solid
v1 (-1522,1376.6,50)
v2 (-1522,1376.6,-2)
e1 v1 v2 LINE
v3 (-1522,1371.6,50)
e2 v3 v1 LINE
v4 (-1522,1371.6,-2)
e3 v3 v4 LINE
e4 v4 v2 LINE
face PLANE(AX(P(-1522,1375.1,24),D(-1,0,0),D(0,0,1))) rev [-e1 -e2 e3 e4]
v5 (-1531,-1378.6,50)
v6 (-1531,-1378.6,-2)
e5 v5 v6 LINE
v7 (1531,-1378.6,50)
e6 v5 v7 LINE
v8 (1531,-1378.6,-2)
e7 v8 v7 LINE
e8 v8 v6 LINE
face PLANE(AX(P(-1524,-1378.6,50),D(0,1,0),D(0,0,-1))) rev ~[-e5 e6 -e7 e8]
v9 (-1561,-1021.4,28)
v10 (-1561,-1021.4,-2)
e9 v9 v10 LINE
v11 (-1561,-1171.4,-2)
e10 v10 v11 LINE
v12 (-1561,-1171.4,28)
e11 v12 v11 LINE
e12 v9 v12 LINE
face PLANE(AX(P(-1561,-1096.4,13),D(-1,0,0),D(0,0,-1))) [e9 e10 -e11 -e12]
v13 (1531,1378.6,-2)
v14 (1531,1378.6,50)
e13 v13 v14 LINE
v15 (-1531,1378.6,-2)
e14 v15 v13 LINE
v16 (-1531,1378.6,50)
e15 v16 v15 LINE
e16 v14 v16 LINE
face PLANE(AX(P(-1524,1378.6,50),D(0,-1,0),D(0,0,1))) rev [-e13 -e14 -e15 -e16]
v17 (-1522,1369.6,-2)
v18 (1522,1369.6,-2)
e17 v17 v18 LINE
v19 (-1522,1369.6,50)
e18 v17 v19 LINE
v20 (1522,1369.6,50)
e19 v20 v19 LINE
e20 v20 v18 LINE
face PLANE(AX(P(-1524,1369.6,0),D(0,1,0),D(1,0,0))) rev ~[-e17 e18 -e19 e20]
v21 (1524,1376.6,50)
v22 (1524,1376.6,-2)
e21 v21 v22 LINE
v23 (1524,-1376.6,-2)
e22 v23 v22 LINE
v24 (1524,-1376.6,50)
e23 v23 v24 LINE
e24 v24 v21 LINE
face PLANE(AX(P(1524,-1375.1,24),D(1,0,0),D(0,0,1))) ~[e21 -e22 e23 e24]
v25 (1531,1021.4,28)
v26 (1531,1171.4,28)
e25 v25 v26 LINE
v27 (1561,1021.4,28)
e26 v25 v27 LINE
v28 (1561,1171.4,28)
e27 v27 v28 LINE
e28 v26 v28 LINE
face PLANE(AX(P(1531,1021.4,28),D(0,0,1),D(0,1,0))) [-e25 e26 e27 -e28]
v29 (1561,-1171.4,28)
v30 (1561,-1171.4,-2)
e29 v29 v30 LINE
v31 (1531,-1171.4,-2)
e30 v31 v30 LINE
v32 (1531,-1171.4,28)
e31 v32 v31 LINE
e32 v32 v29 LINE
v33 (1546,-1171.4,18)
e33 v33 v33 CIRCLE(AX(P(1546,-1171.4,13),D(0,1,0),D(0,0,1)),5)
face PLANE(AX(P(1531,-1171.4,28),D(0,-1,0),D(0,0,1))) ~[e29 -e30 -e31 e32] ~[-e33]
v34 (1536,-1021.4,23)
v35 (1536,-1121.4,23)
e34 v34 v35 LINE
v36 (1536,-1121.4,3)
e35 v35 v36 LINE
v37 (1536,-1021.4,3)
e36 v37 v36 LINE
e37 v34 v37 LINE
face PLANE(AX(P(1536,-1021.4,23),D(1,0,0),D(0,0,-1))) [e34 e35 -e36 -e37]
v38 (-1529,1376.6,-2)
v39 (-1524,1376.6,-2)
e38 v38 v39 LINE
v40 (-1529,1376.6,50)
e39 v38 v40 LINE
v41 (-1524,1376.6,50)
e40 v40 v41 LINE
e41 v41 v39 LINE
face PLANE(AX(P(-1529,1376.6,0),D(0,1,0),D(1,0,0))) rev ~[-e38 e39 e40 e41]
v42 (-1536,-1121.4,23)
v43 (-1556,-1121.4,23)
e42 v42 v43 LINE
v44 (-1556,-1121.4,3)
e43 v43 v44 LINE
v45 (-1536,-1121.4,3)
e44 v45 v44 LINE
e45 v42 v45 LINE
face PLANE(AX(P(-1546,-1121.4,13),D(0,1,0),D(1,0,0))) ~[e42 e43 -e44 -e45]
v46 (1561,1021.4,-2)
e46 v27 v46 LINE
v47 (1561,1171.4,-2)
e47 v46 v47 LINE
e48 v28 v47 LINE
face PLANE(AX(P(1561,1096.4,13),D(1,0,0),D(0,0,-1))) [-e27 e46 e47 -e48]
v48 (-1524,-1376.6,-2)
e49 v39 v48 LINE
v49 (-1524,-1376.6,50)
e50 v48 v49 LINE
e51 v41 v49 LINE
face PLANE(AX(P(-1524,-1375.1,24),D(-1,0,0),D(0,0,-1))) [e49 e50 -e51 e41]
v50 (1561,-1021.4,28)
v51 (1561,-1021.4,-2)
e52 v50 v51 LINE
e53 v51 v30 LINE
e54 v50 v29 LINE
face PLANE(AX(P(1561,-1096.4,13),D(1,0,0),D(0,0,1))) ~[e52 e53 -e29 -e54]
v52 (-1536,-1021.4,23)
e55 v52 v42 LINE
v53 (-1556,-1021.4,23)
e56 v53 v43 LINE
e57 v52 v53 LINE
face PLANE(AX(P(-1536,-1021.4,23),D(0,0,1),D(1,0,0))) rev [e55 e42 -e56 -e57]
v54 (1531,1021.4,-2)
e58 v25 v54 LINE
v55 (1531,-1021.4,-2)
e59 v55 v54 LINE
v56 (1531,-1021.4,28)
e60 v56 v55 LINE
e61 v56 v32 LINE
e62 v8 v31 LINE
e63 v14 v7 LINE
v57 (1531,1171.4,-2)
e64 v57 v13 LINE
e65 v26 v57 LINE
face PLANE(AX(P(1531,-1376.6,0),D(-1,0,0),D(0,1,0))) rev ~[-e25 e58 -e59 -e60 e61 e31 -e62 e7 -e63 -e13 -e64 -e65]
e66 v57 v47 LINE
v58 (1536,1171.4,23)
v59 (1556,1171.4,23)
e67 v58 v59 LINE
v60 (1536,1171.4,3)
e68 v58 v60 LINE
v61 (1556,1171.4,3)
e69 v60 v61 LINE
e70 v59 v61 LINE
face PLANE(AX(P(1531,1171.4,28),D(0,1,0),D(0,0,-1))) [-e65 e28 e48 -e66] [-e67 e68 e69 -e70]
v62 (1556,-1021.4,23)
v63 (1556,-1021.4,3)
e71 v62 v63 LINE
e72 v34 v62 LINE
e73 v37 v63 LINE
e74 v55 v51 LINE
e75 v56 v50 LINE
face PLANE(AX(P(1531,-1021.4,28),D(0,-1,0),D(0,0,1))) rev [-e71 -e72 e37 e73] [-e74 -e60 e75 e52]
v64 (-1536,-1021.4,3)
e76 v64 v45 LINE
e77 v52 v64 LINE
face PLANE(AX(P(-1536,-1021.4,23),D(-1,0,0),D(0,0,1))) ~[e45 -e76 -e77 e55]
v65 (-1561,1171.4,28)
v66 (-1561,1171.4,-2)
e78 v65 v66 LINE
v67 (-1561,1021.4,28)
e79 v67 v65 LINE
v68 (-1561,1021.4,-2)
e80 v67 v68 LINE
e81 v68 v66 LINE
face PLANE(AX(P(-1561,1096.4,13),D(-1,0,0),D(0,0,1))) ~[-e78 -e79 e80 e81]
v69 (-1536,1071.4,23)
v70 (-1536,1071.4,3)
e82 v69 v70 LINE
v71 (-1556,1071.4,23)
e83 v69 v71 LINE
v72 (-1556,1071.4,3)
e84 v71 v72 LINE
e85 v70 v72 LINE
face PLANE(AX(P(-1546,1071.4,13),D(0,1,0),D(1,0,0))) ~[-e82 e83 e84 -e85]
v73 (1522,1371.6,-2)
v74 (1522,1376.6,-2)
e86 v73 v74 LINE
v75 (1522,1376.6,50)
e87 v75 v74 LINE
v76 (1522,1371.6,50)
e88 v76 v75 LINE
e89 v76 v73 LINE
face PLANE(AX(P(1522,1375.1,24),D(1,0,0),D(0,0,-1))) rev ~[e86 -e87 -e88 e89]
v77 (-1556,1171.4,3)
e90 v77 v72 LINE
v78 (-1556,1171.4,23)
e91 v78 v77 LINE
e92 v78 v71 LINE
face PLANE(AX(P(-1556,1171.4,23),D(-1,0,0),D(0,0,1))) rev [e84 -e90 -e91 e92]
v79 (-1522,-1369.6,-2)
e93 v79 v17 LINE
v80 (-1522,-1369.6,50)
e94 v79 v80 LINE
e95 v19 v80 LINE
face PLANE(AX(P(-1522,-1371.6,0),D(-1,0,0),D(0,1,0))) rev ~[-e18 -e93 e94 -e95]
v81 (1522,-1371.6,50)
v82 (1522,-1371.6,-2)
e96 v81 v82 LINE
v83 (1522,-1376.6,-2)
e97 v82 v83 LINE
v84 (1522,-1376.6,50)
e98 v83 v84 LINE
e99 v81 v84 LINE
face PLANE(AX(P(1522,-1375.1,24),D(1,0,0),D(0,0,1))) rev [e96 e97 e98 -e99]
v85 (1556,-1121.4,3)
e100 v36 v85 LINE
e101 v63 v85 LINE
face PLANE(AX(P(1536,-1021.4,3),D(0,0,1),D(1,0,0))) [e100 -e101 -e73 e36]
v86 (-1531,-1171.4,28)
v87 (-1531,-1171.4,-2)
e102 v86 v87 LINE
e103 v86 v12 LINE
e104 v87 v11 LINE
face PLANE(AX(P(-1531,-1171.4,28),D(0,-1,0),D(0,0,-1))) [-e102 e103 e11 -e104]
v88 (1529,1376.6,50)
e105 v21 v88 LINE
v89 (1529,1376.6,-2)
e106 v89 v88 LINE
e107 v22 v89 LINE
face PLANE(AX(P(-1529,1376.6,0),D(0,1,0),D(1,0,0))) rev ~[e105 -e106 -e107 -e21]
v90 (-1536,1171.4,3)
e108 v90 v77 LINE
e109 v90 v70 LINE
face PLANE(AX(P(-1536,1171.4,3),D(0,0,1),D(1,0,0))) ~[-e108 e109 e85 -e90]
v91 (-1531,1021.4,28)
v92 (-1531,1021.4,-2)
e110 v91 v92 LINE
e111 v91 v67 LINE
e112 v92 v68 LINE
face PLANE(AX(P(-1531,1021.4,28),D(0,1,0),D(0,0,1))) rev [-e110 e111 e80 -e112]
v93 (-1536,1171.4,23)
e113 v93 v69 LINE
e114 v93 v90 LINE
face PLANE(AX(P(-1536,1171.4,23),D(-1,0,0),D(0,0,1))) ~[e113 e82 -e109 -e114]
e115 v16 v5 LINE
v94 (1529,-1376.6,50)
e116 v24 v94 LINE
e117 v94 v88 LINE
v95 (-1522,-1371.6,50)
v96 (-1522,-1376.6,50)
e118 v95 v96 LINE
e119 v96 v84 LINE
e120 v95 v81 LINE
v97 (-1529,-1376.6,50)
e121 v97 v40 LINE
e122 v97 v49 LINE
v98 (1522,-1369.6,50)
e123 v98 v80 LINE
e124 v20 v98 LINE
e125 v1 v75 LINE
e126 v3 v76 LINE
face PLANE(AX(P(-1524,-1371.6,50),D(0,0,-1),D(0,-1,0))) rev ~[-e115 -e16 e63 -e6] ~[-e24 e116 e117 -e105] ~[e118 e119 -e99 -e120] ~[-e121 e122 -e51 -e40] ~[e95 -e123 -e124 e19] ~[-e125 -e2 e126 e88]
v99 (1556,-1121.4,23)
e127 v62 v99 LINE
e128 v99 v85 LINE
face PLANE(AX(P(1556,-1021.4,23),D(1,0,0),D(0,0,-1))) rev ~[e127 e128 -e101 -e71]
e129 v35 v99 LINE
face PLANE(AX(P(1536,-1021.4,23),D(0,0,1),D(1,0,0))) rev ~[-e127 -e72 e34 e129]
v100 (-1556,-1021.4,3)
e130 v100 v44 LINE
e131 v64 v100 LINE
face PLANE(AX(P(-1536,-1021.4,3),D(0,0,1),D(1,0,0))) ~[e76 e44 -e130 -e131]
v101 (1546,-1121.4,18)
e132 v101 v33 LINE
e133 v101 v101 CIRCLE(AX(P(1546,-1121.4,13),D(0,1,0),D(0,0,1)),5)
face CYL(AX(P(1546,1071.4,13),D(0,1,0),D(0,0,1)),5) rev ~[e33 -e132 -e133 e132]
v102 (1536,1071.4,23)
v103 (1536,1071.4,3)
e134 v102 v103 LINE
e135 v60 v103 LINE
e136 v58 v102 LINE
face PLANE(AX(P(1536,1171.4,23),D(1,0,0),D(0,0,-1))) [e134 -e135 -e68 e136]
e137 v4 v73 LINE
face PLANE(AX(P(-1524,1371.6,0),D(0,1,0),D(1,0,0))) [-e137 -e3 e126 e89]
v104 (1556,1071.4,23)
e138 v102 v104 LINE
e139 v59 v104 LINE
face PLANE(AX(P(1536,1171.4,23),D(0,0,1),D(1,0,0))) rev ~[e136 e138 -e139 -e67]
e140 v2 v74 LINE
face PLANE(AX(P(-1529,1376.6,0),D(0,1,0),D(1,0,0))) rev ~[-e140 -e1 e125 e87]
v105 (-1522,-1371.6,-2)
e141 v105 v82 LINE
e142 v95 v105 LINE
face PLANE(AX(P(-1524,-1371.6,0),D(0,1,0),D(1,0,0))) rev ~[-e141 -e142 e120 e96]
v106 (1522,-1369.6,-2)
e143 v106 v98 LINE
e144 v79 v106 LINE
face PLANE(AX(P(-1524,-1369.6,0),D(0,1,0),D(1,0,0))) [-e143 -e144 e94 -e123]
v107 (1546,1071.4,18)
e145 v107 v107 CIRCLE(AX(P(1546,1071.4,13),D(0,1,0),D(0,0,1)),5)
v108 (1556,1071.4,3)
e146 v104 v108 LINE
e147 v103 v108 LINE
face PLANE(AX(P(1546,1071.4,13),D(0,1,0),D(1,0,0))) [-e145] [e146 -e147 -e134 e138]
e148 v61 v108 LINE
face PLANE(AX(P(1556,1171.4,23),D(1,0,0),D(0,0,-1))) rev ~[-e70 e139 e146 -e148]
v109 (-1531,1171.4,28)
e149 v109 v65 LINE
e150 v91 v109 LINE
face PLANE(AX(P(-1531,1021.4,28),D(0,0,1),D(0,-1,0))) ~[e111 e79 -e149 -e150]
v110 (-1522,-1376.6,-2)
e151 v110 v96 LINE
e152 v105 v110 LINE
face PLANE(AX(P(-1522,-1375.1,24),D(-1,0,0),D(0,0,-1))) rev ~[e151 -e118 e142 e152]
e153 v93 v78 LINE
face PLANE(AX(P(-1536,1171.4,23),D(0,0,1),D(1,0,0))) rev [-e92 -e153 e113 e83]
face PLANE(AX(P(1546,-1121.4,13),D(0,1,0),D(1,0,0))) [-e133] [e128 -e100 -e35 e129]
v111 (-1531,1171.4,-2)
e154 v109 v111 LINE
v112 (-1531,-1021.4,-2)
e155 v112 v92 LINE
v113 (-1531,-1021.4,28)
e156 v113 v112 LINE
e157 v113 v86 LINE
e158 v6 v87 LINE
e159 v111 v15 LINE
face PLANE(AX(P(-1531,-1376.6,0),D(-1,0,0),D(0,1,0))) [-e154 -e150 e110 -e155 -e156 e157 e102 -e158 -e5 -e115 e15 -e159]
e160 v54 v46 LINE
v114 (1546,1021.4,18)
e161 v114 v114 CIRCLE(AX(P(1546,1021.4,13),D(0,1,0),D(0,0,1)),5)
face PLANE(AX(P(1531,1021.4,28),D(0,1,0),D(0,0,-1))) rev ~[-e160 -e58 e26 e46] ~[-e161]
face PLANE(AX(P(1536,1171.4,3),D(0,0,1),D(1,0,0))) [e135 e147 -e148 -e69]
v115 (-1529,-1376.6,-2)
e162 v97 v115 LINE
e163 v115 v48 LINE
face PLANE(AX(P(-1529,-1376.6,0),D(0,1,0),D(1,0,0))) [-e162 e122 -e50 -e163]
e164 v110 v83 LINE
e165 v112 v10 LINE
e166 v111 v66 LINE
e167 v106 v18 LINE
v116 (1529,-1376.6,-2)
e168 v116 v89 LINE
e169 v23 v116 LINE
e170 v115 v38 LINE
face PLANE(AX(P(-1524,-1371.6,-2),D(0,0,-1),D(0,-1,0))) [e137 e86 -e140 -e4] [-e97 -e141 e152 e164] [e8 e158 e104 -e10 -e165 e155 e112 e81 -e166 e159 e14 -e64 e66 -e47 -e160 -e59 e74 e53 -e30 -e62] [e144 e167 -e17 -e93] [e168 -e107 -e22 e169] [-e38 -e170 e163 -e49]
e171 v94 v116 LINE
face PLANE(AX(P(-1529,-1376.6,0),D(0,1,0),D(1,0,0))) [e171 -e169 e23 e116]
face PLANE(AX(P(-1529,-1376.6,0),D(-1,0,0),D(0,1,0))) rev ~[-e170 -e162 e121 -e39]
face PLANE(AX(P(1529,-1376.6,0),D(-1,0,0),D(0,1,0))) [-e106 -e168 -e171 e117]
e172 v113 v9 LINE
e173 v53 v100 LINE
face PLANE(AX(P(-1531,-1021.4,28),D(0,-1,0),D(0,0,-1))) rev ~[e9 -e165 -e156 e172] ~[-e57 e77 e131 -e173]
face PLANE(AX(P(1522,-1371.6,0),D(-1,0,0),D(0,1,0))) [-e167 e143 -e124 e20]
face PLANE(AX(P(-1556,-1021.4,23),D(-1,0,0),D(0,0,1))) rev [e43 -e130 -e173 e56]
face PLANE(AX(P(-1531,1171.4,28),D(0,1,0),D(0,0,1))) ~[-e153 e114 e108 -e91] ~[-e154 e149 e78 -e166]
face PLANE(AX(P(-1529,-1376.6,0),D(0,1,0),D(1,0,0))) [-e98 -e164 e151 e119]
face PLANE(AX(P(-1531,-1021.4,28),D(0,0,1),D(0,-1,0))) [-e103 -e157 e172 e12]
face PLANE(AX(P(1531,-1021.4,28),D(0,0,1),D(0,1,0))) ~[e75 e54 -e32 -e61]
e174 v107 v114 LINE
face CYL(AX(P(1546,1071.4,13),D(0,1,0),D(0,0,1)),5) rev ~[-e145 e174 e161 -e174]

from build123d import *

# Parameters (mm, degrees)
SKETCH1_W               = 3058
SKETCH1_H               = 2753.2
SKETCH1_W_2             = 3048
SKETCH1_H_2             = 2743.2
BOSS_EXTRUDE1_DEPTH     = 50
SHELL4_T                = 2
SKETCH2_W               = 3058
SKETCH2_H               = 2753.2
SKETCH2_W_2             = 3048
SKETCH2_H_2             = 2743.2
CUT_EXTRUDE5_DEPTH      = 5
SKETCH3_W               = 30
SKETCH3_H               = 150
BOSS_EXTRUDE2_DEPTH     = 30
SKETCH4_W               = 20
SKETCH4_H               = 20
CUT_EXTRUDE6_DEPTH      = 100
SKETCH5_W               = 20
SKETCH5_H               = 20
CUT_EXTRUDE7_DEPTH      = 100
MIRROR2_COPY_1_SKETCH_W = 30
MIRROR2_COPY_1_SKETCH_H = 150
MIRROR2_COPY_1_DEPTH    = 30
SKETCH6_R               = 5
CUT_EXTRUDE8_DEPTH      = 2490
SKETCH7_W               = 52
SKETCH7_H               = 7
BOSS_EXTRUDE3_DEPTH     = 2
MIRROR5_COPY_1_SKETCH_W = 52
MIRROR5_COPY_1_SKETCH_H = 7
MIRROR5_COPY_1_DEPTH    = 2


with BuildPart() as part:
    # Sketch1 → Boss-Extrude1 (new body)
    with BuildSketch(Plane.XY):
        Rectangle(SKETCH1_W, SKETCH1_H)
        Rectangle(SKETCH1_W_2, SKETCH1_H_2, mode=Mode.SUBTRACT)
    extrude(amount=BOSS_EXTRUDE1_DEPTH)

    # Shell4
    shell4_openings = [part.faces().sort_by_distance(p)[0] for p in [
        (-1524.885212735, 0, 50),
    ]]
    offset(amount=SHELL4_T, openings=shell4_openings, kind=Kind.INTERSECTION)

    # Sketch2 → Cut-Extrude5 (cut, symmetric)
    with BuildSketch(Plane.XY):
        Rectangle(SKETCH2_W, SKETCH2_H)
        Rectangle(SKETCH2_W_2, SKETCH2_H_2, mode=Mode.SUBTRACT)
    extrude(amount=CUT_EXTRUDE5_DEPTH, both=True, mode=Mode.SUBTRACT)


with BuildPart() as cut_extrude5_piece_1:
    # of the separate pieces the step leaves, piece 1, a body of its own (cut_extrude5_pieces)
    add(part.part.solids().sort_by_distance((-1529, -1376.6, -2))[0])

    # Sketch3 → Boss-Extrude2 (add)
    with BuildSketch(Plane(origin=(1531, 0, 0), x_dir=(0, 0, -1), z_dir=(1, 0, 0))):
        with Locations((-13, 1096.4)):
            Rectangle(SKETCH3_W, SKETCH3_H)
    boss_extrude2 = extrude(amount=BOSS_EXTRUDE2_DEPTH)

    # Sketch4 → Cut-Extrude6 (cut)
    with BuildSketch(Plane(origin=(0, 1171.4, 0), x_dir=(1, 0, 0), z_dir=(0, 1, 0))):
        with Locations((1546, -13)):
            Rectangle(SKETCH4_W, SKETCH4_H)
    cut_extrude6 = extrude(amount=-CUT_EXTRUDE6_DEPTH, mode=Mode.SUBTRACT)

    # Mirror1: Boss-Extrude2 across plane
    add(boss_extrude2.mirror(Plane.ZX))

    # Sketch5 → Cut-Extrude7 (cut)
    with BuildSketch(Plane(origin=(0, -1021.4, 0), x_dir=(1, 0, 0), z_dir=(0, 1, 0))):
        with Locations((1546, -13)):
            Rectangle(SKETCH5_W, SKETCH5_H)
    cut_extrude7 = extrude(amount=-CUT_EXTRUDE7_DEPTH, mode=Mode.SUBTRACT)

    # Mirror2: Boss-Extrude2 across plane
    add(boss_extrude2.mirror(Plane(origin=(0, 0, 0), x_dir=(0, 0, 1), z_dir=(1, 0, 0))))

    # Mirror2 copy 1 sketch → Mirror2 copy 1 (add)
    with BuildSketch(Plane(origin=(-1531, 0, 0), x_dir=(0, 0, -1), z_dir=(-1, 0, 0))):
        with Locations((-13, 1096.4)):
            Rectangle(MIRROR2_COPY_1_SKETCH_W, MIRROR2_COPY_1_SKETCH_H)
    extrude(amount=MIRROR2_COPY_1_DEPTH)

    # Mirror3: Cut-Extrude6, Cut-Extrude7 across plane
    add(cut_extrude6.mirror(Plane(origin=(0, 0, 0), x_dir=(0, 0, 1), z_dir=(1, 0, 0))), mode=Mode.SUBTRACT)
    add(cut_extrude7.mirror(Plane(origin=(0, 0, 0), x_dir=(0, 0, 1), z_dir=(1, 0, 0))), mode=Mode.SUBTRACT)

    # Sketch6 → Cut-Extrude8 (cut)
    with BuildSketch(Plane(origin=(0, 1071.4, 0), x_dir=(1, 0, 0), z_dir=(0, 1, 0))):
        with Locations(Location((1546, -13, 0), (0, 0, 270))):
            Circle(SKETCH6_R)
    extrude(amount=-CUT_EXTRUDE8_DEPTH, mode=Mode.SUBTRACT)



with BuildPart() as cut_extrude5_piece_2:
    # of the separate pieces the step leaves, piece 2, a body of its own (cut_extrude5_pieces)
    add(part.part.solids().sort_by_distance((-1524, 1371.6, -2))[0])


with BuildPart() as cut_extrude5_piece_1_1:
    add(cut_extrude5_piece_1.part)

    add(cut_extrude5_piece_2.part)  # Boss-Extrude3 merges Cut-Extrude5 piece 2
    # Sketch7 → Boss-Extrude3 (add)
    with BuildSketch(Plane(origin=(1524, 0, 0), x_dir=(0, 0, -1), z_dir=(1, 0, 0))):
        with Locations((-24, 1375.1)):
            Rectangle(SKETCH7_W, SKETCH7_H)
    boss_extrude3 = extrude(amount=-BOSS_EXTRUDE3_DEPTH)

    # Mirror4: Boss-Extrude3 across plane
    add(boss_extrude3.mirror(Plane.ZX))

    # Mirror5: Boss-Extrude3 across plane
    add(boss_extrude3.mirror(Plane(origin=(0, 0, 0), x_dir=(0, 0, 1), z_dir=(1, 0, 0))))

    # Mirror5 copy 1 sketch → Mirror5 copy 1 (add)
    with BuildSketch(Plane(origin=(-1524, 0, 0), x_dir=(0, 0, -1), z_dir=(-1, 0, 0))):
        with Locations((-24, 1375.1)):
            Rectangle(MIRROR5_COPY_1_SKETCH_W, MIRROR5_COPY_1_SKETCH_H)
    extrude(amount=-MIRROR5_COPY_1_DEPTH)


solid = cut_extrude5_piece_1_1.part
